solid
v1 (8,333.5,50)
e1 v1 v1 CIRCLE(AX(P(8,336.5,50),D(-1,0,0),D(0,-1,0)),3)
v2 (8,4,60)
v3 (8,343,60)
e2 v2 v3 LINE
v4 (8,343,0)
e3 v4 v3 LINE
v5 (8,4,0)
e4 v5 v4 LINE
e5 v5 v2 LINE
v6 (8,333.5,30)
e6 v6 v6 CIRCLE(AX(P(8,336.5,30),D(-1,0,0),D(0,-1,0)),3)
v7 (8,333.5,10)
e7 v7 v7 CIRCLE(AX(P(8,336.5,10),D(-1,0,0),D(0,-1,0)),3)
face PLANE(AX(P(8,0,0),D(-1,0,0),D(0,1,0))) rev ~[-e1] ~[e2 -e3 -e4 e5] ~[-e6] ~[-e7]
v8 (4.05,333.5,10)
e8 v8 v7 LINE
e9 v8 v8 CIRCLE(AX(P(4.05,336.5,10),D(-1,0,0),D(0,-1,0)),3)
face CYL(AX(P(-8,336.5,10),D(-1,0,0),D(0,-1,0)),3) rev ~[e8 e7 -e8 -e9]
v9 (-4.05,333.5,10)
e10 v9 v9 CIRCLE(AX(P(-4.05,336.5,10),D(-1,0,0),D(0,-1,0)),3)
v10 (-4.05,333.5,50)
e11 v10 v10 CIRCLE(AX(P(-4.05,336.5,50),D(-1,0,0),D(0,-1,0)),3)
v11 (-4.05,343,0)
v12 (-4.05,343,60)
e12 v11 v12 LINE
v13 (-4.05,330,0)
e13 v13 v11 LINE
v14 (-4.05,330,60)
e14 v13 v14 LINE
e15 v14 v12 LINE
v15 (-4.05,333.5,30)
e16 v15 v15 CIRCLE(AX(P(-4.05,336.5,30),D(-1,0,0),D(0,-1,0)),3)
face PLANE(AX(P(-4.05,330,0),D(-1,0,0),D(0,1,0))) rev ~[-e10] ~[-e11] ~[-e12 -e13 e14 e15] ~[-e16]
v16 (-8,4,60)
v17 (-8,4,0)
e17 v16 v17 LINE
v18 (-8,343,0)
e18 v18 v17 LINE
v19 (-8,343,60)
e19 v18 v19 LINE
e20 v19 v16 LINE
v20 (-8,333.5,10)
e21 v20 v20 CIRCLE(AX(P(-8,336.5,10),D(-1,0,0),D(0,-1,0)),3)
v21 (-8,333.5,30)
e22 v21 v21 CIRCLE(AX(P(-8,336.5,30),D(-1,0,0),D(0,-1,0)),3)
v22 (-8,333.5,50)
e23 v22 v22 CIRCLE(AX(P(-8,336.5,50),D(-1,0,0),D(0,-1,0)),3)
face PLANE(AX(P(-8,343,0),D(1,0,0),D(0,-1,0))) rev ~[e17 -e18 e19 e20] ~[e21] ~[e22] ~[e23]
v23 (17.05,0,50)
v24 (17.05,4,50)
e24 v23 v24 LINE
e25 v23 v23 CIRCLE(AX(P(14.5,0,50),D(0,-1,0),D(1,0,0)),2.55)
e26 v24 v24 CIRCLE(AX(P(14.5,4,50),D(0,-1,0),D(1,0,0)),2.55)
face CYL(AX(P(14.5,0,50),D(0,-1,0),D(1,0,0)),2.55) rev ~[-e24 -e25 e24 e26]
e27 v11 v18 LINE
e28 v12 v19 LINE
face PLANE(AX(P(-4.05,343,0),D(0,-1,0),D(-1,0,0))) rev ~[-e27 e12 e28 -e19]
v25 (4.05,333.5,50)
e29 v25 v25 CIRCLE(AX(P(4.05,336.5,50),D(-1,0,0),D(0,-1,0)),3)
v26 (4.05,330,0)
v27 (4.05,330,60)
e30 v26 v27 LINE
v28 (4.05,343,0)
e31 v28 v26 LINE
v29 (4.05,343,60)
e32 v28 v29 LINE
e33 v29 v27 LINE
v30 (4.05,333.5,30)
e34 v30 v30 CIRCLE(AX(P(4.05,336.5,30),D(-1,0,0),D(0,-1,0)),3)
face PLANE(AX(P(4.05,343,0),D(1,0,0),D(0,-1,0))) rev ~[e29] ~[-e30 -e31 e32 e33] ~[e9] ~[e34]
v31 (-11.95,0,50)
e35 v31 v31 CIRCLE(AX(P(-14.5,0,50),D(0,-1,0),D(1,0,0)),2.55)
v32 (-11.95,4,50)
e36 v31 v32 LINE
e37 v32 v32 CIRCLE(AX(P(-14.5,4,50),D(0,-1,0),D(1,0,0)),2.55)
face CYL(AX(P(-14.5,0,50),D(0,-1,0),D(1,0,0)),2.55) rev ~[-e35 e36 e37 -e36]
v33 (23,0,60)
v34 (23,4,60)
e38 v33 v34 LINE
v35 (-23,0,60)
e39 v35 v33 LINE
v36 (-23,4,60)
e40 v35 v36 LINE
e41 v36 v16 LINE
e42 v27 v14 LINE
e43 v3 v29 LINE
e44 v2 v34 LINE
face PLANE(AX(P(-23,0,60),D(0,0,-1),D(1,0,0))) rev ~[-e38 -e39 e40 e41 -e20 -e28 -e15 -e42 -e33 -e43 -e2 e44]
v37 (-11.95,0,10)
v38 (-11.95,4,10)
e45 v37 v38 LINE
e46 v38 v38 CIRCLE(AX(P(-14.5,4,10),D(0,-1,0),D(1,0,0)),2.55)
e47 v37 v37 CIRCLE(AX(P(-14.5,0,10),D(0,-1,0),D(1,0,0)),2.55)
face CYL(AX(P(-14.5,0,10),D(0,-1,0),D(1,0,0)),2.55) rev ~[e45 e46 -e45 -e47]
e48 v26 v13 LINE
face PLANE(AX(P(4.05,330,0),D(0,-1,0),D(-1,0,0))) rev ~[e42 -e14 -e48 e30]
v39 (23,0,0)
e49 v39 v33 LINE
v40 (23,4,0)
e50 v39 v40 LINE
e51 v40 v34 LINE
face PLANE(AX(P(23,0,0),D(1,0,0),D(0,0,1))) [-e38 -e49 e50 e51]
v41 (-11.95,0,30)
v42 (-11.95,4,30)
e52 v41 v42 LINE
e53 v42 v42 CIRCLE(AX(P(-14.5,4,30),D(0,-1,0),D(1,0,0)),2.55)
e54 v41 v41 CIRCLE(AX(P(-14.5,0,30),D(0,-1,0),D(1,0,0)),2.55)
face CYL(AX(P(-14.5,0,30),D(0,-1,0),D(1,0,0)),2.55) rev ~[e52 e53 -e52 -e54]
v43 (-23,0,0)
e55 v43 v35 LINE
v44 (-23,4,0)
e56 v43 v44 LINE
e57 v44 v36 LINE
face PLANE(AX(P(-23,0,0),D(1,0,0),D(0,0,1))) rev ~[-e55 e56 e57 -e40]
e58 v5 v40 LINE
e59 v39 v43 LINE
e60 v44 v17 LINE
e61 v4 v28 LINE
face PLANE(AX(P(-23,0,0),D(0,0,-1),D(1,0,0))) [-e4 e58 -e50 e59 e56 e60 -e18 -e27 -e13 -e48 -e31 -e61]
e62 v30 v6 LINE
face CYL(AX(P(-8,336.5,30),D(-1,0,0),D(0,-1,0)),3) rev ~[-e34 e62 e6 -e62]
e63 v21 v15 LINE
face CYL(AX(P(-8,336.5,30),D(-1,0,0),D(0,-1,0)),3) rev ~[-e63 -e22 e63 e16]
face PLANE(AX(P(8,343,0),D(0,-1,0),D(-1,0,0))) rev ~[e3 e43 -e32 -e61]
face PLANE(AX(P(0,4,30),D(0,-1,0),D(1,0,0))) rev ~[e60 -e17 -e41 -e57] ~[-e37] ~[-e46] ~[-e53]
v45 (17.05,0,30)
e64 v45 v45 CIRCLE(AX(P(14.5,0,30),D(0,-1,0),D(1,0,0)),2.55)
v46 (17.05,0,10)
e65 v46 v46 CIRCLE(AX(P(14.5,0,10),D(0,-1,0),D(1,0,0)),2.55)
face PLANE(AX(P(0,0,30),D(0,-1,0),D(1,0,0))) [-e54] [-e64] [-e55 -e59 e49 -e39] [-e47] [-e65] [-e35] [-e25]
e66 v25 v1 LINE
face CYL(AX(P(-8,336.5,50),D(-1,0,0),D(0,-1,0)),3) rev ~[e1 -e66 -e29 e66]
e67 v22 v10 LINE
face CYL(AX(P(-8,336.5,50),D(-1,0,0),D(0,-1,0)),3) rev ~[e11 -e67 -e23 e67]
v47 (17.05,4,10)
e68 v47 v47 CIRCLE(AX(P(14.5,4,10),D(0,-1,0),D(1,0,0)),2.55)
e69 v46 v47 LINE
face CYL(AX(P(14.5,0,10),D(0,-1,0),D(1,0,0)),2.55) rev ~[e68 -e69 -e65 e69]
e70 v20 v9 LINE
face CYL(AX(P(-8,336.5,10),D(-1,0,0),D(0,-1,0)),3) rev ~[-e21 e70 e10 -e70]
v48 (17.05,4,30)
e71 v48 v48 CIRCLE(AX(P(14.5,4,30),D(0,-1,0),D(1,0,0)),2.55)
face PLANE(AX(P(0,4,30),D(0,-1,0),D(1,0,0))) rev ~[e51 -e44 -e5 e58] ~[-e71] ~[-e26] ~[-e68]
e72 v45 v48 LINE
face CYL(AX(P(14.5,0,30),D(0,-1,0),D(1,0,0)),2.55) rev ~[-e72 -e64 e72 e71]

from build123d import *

# Parameters (mm, degrees)
PAD_DEPTH    = 60
SKETCH001_W  = 46
SKETCH001_H  = 60
SKETCH001_R  = 2.55
PAD001_DEPTH = 4
SKETCH002_R  = 3
HOLE_DEPTH   = 31.001


with BuildPart() as part:
    # Sketch → Pad (new body)
    with BuildSketch(Plane.XY):
        Polygon((-8, 0), (8, 0), (8, 343), (4.05, 343), (4.05, 330), (-4.05, 330), (-4.05, 343), (-8, 343), align=None)
    extrude(amount=PAD_DEPTH)

    # Sketch001 (on Face3 of Pad) → Pad001 (join)
    with BuildSketch(Plane.XZ):
        with Locations((0, 30)):
            Rectangle(SKETCH001_W, SKETCH001_H)
        with Locations((-14.5, 10)):
            Circle(SKETCH001_R, mode=Mode.SUBTRACT)
        with Locations((-14.5, 50)):
            Circle(SKETCH001_R, mode=Mode.SUBTRACT)
        with Locations((-14.5, 30)):
            Circle(SKETCH001_R, mode=Mode.SUBTRACT)
        with Locations((14.5, 50)):
            Circle(SKETCH001_R, mode=Mode.SUBTRACT)
        with Locations((14.5, 30)):
            Circle(SKETCH001_R, mode=Mode.SUBTRACT)
        with Locations((14.5, 10)):
            Circle(SKETCH001_R, mode=Mode.SUBTRACT)
    extrude(amount=-PAD001_DEPTH)

    # Sketch002 (on Face3 of Pad001) → Hole (cut, through all)
    with BuildSketch(Plane(origin=(-8, 0, 0), x_dir=(0, -1, 0), z_dir=(-1, 0, 0))):
        with Locations((-336.5, 50)):
            Circle(SKETCH002_R)
        with Locations((-336.5, 10)):
            Circle(SKETCH002_R)
        with Locations((-336.5, 30)):
            Circle(SKETCH002_R)
    extrude(amount=-HOLE_DEPTH, mode=Mode.SUBTRACT)


solid = part.part
